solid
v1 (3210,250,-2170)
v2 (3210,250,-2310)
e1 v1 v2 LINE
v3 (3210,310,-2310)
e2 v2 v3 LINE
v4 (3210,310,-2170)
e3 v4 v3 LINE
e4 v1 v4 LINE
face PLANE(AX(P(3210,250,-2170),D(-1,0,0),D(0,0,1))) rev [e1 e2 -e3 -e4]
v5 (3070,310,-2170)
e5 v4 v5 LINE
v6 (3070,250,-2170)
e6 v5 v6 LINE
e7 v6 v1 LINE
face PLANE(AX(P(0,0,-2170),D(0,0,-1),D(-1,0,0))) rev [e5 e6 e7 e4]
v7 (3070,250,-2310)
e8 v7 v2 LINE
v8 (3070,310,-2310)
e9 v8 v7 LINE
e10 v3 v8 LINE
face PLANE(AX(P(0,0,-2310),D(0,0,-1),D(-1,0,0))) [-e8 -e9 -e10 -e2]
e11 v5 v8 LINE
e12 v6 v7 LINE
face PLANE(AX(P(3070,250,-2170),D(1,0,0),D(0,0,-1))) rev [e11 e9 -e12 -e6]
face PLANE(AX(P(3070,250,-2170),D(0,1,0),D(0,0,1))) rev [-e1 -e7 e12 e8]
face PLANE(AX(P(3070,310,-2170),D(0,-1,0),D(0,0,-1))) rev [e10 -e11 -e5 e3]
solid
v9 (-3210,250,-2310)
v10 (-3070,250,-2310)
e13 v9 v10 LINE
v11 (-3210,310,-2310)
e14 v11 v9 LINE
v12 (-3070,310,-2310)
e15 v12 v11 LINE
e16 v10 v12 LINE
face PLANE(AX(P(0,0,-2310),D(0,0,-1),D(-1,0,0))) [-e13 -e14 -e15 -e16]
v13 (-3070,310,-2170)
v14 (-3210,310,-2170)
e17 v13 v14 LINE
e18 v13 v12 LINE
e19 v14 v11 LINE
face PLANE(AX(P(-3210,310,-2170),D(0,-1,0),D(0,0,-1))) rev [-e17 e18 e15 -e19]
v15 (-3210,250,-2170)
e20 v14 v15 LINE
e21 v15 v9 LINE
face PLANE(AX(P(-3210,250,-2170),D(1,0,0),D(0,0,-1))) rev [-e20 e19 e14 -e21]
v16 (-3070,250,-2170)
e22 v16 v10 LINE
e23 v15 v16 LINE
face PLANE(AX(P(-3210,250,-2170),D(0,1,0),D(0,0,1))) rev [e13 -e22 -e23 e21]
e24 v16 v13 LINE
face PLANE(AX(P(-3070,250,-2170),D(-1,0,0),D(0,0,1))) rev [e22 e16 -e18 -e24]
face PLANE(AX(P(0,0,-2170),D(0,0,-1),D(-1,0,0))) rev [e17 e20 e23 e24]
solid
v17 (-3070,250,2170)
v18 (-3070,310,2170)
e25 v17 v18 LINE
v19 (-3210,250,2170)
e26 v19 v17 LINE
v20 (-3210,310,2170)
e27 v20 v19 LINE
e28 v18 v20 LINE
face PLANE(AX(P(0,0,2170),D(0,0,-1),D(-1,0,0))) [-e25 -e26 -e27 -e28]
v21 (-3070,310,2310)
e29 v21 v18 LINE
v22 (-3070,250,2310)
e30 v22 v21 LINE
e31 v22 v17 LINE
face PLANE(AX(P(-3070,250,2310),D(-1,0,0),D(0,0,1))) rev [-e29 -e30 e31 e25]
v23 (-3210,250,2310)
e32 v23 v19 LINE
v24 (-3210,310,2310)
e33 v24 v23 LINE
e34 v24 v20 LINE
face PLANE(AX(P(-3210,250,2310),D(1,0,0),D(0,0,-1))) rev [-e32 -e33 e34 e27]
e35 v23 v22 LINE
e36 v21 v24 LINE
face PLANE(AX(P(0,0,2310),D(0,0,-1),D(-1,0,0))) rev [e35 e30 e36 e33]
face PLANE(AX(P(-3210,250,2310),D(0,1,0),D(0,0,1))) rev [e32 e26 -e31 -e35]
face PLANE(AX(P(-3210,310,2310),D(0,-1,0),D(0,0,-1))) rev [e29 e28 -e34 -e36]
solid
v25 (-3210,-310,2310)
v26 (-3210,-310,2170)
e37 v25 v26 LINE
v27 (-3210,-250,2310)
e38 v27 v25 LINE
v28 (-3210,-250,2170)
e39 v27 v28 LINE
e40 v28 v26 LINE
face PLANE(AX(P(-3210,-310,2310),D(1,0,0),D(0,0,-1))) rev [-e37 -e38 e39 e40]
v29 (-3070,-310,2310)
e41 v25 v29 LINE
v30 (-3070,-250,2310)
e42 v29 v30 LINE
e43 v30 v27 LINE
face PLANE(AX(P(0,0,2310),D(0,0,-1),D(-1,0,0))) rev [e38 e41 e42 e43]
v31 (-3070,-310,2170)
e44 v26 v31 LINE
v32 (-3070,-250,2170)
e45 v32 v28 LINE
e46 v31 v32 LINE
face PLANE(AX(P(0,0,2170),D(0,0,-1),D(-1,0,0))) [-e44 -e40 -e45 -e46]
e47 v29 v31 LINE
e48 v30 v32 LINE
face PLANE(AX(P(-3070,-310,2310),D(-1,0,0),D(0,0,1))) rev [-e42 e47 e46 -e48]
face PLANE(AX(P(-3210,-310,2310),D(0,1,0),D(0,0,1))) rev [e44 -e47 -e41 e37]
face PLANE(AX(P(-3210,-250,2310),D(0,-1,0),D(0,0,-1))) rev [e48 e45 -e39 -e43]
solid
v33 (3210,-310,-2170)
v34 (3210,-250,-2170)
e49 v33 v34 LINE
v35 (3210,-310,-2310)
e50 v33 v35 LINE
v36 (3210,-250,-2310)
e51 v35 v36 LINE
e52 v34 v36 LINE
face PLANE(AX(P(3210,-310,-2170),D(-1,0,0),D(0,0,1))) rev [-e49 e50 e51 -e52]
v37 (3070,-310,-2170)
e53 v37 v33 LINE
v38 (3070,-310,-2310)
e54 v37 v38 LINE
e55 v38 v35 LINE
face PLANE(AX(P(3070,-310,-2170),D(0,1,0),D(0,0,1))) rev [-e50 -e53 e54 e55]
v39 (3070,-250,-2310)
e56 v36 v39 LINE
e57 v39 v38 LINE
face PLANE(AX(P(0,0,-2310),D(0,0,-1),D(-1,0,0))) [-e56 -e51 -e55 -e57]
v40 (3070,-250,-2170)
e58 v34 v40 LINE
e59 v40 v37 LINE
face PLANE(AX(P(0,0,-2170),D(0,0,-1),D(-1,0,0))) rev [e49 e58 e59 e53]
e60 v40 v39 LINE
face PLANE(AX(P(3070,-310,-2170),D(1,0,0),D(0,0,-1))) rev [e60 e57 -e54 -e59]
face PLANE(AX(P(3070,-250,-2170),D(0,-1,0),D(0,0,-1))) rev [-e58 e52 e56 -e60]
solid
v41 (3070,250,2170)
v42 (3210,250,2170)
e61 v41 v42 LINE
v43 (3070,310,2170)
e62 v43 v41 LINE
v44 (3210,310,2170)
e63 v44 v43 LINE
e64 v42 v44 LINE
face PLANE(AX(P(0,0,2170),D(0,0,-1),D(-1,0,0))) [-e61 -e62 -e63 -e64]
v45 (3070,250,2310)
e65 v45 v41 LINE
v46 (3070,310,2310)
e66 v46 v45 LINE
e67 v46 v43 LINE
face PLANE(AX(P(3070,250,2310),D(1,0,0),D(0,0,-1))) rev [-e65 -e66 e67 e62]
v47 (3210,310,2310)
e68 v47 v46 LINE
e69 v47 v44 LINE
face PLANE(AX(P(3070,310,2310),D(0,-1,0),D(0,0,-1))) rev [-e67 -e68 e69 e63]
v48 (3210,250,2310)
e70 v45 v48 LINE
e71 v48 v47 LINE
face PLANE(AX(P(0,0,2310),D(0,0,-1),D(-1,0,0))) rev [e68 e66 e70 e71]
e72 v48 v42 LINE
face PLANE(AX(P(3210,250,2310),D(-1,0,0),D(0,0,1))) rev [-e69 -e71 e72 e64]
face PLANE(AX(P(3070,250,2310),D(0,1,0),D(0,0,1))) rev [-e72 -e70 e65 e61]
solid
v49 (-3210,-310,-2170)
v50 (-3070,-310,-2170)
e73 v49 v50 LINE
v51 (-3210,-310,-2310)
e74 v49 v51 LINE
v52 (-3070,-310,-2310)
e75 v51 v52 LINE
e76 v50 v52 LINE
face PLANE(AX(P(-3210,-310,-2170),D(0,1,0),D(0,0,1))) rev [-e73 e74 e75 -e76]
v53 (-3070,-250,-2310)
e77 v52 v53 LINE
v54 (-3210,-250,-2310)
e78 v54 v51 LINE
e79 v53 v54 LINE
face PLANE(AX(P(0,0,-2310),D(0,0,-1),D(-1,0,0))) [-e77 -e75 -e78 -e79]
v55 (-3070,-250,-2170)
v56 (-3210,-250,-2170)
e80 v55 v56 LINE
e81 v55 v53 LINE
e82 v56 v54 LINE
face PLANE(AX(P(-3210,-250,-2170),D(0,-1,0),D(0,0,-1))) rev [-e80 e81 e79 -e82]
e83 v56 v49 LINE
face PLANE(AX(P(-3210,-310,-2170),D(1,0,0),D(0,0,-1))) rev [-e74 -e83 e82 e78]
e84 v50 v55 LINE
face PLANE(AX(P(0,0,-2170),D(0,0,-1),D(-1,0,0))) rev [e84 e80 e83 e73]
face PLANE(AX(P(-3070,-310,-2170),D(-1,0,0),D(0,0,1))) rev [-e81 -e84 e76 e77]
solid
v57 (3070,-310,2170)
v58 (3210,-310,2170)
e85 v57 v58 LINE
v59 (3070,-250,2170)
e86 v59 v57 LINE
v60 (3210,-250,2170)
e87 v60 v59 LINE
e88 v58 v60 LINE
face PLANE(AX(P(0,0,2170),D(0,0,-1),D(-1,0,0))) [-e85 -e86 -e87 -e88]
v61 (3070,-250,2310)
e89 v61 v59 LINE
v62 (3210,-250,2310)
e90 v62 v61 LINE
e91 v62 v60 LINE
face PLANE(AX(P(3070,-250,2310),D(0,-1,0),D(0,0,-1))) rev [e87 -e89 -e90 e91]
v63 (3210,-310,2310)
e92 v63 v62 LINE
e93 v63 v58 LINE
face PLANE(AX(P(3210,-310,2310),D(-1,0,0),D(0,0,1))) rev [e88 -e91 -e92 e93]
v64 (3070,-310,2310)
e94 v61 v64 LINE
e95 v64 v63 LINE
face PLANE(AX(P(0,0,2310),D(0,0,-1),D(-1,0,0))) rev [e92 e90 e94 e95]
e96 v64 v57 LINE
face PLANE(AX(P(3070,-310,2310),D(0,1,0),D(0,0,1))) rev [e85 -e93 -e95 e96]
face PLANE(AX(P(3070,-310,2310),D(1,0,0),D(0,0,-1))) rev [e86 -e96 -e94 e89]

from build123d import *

# Parameters (mm, degrees)
BOSS_EXTRUDE1_START = -2310
SKETCH1_W           = 140
SKETCH1_H           = 60
BOSS_EXTRUDE1_DEPTH = 140
BOSS_EXTRUDE2_START = 2170
SKETCH2_W           = 140
SKETCH2_H           = 60
BOSS_EXTRUDE2_DEPTH = 140
BOSS_EXTRUDE3_START = -2310
SKETCH3_W           = 140
SKETCH3_H           = 60
BOSS_EXTRUDE3_DEPTH = 140
BOSS_EXTRUDE4_START = 2170
SKETCH4_W           = 140
SKETCH4_H           = 60
BOSS_EXTRUDE4_DEPTH = 140
BOSS_EXTRUDE5_START = -2310
SKETCH5_W           = 140
SKETCH5_H           = 60
BOSS_EXTRUDE5_DEPTH = 140
BOSS_EXTRUDE6_START = 2170
SKETCH6_W           = 140
SKETCH6_H           = 60
BOSS_EXTRUDE6_DEPTH = 140
BOSS_EXTRUDE7_START = -2310
SKETCH7_W           = 140
SKETCH7_H           = 60
BOSS_EXTRUDE7_DEPTH = 140
BOSS_EXTRUDE8_START = 2170
SKETCH8_W           = 140
SKETCH8_H           = 60
BOSS_EXTRUDE8_DEPTH = 140


with BuildPart() as part:
    # Sketch1 → Boss-Extrude1 (new body)
    with BuildSketch(Plane.XY.offset(BOSS_EXTRUDE1_START)):
        with Locations((-3140, -280)):
            Rectangle(SKETCH1_W, SKETCH1_H)
    extrude(amount=BOSS_EXTRUDE1_DEPTH)


with BuildPart() as body_2:
    # Sketch2 → Boss-Extrude2 (new body)
    with BuildSketch(Plane.XY.offset(BOSS_EXTRUDE2_START)):
        with Locations((-3140, -280)):
            Rectangle(SKETCH2_W, SKETCH2_H)
    extrude(amount=BOSS_EXTRUDE2_DEPTH)


with BuildPart() as body_3:
    # Sketch3 → Boss-Extrude3 (new body)
    with BuildSketch(Plane.XY.offset(BOSS_EXTRUDE3_START)):
        with Locations((-3140, 280)):
            Rectangle(SKETCH3_W, SKETCH3_H)
    extrude(amount=BOSS_EXTRUDE3_DEPTH)


with BuildPart() as body_4:
    # Sketch4 → Boss-Extrude4 (new body)
    with BuildSketch(Plane.XY.offset(BOSS_EXTRUDE4_START)):
        with Locations((-3140, 280)):
            Rectangle(SKETCH4_W, SKETCH4_H)
    extrude(amount=BOSS_EXTRUDE4_DEPTH)


with BuildPart() as body_5:
    # Sketch5 → Boss-Extrude5 (new body)
    with BuildSketch(Plane.XY.offset(BOSS_EXTRUDE5_START)):
        with Locations((3140, -280)):
            Rectangle(SKETCH5_W, SKETCH5_H)
    extrude(amount=BOSS_EXTRUDE5_DEPTH)


with BuildPart() as body_6:
    # Sketch6 → Boss-Extrude6 (new body)
    with BuildSketch(Plane.XY.offset(BOSS_EXTRUDE6_START)):
        with Locations((3140, -280)):
            Rectangle(SKETCH6_W, SKETCH6_H)
    extrude(amount=BOSS_EXTRUDE6_DEPTH)


with BuildPart() as body_7:
    # Sketch7 → Boss-Extrude7 (new body)
    with BuildSketch(Plane.XY.offset(BOSS_EXTRUDE7_START)):
        with Locations((3140, 280)):
            Rectangle(SKETCH7_W, SKETCH7_H)
    extrude(amount=BOSS_EXTRUDE7_DEPTH)


with BuildPart() as body_8:
    # Sketch8 → Boss-Extrude8 (new body)
    with BuildSketch(Plane.XY.offset(BOSS_EXTRUDE8_START)):
        with Locations((3140, 280)):
            Rectangle(SKETCH8_W, SKETCH8_H)
    extrude(amount=BOSS_EXTRUDE8_DEPTH)


solid = Compound([part.part, body_2.part, body_3.part, body_4.part, body_5.part, body_6.part, body_7.part, body_8.part])
